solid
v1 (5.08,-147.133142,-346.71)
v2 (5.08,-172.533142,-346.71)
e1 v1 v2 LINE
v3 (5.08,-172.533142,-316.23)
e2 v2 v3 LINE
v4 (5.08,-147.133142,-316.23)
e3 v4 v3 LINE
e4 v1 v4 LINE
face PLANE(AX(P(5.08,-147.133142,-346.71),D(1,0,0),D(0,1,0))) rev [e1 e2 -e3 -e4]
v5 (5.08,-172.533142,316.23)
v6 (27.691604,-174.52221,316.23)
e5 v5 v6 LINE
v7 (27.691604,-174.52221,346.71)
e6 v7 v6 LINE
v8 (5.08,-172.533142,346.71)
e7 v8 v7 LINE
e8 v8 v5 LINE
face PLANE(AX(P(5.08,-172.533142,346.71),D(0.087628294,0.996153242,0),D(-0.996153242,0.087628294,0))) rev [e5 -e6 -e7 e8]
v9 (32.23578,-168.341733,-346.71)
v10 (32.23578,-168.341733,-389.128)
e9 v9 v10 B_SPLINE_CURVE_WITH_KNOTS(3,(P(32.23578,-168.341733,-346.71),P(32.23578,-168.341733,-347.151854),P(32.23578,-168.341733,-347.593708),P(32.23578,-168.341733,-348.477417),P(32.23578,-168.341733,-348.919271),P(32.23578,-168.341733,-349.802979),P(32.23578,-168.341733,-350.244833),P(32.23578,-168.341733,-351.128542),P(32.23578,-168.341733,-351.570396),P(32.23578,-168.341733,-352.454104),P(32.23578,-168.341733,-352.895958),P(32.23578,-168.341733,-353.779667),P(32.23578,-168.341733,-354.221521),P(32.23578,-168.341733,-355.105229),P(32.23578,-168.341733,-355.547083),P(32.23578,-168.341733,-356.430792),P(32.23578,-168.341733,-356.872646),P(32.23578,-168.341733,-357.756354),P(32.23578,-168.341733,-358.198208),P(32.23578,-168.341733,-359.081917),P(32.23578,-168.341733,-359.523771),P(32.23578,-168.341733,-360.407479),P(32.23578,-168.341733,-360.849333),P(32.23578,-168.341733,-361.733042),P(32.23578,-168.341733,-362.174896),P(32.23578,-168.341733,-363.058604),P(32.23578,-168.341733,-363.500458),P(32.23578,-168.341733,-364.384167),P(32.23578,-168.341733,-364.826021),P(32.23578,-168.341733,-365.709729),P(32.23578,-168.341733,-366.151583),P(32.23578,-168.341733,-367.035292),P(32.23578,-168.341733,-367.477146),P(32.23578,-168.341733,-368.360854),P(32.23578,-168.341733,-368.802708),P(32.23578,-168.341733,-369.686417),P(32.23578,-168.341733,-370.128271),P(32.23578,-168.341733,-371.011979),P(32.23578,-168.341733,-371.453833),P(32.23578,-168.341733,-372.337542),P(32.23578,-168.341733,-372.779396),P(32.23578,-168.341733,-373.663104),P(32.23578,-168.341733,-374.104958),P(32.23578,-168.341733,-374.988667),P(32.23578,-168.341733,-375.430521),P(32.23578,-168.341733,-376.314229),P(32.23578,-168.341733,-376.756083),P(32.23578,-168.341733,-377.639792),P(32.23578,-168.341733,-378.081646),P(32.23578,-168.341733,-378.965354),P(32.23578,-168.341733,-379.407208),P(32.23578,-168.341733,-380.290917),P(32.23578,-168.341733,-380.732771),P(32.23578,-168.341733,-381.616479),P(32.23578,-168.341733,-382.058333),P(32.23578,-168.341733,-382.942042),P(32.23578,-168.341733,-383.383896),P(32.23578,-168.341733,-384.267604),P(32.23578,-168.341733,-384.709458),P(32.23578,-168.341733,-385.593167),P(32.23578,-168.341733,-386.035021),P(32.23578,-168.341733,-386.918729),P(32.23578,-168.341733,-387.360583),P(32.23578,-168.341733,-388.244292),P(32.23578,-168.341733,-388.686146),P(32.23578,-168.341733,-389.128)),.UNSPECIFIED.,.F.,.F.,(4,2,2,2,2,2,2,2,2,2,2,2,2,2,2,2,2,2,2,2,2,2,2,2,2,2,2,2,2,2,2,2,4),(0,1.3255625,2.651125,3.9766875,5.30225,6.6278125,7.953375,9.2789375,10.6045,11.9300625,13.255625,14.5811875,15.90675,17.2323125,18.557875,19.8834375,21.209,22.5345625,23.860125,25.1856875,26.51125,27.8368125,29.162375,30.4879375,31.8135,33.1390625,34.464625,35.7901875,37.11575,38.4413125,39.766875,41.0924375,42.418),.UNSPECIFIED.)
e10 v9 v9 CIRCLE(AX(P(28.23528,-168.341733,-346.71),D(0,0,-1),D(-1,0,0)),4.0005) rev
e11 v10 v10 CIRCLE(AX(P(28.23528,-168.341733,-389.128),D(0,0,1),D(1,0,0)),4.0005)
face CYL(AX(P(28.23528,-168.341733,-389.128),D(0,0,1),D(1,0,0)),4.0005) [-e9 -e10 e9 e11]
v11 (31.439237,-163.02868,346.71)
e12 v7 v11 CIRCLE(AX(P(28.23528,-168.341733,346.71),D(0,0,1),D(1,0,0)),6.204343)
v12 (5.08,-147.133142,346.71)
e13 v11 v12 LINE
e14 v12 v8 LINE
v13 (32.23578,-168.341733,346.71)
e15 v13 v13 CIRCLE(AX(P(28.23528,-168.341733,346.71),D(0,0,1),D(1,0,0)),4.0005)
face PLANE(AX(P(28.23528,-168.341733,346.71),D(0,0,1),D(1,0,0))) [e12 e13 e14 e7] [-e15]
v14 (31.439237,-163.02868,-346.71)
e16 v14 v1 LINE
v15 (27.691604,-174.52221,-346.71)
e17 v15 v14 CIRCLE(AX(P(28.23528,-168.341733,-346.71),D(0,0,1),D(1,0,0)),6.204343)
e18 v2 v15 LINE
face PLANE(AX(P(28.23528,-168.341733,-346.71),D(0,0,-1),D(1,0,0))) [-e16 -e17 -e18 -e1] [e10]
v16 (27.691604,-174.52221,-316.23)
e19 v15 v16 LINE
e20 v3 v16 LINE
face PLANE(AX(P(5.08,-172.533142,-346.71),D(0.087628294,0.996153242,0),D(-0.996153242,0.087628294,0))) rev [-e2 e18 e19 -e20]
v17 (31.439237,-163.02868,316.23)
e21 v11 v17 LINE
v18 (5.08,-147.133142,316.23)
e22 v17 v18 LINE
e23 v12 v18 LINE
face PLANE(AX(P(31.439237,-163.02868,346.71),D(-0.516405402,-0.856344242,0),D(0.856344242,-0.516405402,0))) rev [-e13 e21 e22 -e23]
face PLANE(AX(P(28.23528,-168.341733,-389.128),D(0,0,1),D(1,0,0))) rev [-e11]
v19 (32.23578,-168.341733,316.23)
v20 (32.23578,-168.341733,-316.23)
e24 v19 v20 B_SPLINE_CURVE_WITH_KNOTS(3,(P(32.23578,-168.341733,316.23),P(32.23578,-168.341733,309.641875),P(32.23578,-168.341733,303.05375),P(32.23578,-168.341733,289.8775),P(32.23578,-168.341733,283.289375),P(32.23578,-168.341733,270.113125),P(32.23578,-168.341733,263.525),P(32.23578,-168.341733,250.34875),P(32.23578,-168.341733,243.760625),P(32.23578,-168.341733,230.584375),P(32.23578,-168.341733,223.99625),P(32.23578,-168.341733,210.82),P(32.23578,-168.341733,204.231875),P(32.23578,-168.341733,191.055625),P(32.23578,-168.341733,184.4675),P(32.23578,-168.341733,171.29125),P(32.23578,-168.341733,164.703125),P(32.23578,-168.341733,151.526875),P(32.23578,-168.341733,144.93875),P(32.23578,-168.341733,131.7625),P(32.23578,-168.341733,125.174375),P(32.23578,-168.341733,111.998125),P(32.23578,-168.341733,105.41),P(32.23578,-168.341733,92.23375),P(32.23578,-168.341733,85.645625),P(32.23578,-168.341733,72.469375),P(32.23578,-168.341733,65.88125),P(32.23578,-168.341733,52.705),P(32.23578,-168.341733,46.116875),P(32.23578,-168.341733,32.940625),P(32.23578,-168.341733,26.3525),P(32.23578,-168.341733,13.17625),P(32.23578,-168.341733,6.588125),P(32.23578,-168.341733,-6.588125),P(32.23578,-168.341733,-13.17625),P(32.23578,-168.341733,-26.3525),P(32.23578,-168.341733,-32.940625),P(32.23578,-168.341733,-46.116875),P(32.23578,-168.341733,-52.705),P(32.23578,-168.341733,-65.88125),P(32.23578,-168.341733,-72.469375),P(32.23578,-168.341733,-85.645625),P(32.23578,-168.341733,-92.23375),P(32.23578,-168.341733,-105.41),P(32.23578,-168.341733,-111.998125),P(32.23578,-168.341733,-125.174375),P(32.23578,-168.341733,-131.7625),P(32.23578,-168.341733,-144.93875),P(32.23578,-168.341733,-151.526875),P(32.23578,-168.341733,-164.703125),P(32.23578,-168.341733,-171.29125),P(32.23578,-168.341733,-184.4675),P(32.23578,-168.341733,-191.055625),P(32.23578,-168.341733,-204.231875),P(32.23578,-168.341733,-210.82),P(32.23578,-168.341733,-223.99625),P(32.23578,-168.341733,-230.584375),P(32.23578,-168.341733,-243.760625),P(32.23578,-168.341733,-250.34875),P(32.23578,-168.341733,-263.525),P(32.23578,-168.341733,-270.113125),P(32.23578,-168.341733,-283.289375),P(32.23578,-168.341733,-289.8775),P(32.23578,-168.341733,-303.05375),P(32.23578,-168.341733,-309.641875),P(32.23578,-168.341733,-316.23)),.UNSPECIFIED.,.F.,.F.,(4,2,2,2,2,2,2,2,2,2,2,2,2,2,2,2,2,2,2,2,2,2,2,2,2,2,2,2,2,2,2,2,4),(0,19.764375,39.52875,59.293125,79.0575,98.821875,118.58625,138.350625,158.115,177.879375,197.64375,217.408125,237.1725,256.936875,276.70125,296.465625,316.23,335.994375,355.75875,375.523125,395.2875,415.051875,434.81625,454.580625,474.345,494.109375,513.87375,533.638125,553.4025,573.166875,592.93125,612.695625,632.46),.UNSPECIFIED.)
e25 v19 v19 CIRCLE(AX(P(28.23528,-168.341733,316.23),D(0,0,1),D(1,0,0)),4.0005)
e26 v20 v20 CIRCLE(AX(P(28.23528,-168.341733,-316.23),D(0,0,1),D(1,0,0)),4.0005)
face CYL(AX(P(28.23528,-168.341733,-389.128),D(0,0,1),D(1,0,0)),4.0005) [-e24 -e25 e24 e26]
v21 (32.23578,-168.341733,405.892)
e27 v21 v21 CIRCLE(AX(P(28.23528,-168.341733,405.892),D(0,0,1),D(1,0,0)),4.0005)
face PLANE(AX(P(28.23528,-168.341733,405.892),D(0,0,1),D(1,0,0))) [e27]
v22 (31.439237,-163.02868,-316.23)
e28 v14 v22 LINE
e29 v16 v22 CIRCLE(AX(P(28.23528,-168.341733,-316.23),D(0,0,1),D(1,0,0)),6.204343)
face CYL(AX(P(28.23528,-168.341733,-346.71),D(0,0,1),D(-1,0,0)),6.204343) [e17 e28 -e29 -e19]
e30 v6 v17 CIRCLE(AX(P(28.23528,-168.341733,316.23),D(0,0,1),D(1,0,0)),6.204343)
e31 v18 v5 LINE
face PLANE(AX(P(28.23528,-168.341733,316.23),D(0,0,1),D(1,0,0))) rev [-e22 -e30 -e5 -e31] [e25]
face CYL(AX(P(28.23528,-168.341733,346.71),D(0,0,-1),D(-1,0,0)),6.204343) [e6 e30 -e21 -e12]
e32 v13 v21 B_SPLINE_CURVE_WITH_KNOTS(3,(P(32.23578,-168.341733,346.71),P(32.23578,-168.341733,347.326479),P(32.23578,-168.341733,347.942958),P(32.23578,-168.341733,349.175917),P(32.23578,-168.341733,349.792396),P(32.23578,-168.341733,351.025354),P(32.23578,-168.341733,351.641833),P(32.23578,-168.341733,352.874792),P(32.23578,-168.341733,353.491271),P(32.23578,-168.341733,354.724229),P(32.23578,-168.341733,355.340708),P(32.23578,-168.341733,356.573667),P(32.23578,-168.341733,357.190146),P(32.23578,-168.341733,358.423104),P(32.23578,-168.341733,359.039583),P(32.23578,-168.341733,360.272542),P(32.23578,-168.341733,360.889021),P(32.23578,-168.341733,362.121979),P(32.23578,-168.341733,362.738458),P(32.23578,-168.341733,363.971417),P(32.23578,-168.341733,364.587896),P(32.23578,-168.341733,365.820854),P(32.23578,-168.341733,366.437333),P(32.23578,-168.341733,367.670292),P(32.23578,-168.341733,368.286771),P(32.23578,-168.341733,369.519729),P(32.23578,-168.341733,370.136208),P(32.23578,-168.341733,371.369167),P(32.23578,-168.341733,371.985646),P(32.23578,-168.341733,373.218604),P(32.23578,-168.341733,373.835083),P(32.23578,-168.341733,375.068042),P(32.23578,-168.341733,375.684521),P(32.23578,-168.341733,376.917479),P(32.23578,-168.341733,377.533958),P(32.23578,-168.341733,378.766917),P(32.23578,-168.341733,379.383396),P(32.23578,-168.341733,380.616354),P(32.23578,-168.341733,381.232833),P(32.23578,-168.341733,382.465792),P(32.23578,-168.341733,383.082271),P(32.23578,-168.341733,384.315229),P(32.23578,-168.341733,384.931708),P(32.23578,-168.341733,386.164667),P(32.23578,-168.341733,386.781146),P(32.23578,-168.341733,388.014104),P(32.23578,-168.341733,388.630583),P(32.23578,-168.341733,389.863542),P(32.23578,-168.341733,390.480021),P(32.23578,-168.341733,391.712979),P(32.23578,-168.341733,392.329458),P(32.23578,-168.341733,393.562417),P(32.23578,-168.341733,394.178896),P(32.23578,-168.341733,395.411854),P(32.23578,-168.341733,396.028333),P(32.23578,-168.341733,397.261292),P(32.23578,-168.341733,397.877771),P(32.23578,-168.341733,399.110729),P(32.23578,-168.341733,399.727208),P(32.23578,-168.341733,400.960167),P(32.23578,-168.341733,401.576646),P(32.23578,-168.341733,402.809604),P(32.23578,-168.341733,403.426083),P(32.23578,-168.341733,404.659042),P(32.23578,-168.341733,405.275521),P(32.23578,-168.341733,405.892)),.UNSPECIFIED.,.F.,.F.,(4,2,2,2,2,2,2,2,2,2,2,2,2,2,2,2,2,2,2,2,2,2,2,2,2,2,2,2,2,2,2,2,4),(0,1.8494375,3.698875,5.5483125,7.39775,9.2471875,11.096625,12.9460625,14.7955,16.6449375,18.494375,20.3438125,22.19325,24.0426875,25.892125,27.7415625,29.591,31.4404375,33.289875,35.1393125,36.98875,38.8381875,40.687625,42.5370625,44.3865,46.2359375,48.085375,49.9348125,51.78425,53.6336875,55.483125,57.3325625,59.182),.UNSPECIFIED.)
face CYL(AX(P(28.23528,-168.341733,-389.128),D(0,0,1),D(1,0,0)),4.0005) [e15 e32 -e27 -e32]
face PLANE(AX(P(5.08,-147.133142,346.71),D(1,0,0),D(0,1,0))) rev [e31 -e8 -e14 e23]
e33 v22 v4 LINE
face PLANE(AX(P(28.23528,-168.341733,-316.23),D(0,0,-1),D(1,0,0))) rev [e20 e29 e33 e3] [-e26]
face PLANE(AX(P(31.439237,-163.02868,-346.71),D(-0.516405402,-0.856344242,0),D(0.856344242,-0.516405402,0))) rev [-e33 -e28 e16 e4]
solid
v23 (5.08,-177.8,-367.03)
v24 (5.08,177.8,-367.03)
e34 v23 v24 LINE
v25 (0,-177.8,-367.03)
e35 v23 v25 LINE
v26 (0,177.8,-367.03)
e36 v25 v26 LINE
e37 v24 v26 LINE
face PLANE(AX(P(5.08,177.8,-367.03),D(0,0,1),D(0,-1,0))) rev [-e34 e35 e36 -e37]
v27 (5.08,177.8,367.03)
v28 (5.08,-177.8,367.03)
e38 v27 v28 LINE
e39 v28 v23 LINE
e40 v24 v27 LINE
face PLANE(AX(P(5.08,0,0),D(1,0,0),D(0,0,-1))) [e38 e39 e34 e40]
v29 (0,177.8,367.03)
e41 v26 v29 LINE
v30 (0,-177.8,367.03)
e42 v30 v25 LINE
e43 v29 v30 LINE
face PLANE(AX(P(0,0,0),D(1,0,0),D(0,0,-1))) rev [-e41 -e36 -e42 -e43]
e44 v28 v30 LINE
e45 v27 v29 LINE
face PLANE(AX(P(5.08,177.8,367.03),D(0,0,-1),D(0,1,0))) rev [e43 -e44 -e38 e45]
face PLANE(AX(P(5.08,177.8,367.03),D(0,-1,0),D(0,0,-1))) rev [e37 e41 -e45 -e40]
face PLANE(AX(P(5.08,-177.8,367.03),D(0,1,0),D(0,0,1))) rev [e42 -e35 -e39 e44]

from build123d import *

# Parameters (mm, degrees)
SKETCH1_W                = 734.06
SKETCH1_H                = 355.6
BOSS_EXTRUDE1_DEPTH      = 5.08
SKETCH6_R                = 4.0005
BOSS_EXTRUDE2_DEPTH      = 30.48
BOSS_EXTRUDE3_DEPTH      = 59.182
BOSS_EXTRUDE3_DEPTH_BACK = 735.838
SKETCH7_R                = 4.0005


with BuildPart() as part:
    # Sketch1 → Boss-Extrude1 (new body)
    with BuildSketch(Plane(origin=(0, 0, 0), x_dir=(0, 0, -1), z_dir=(1, 0, 0))):
        Rectangle(SKETCH1_W, SKETCH1_H)
    extrude(amount=BOSS_EXTRUDE1_DEPTH)


with BuildPart() as body_2:
    # Sketch6 → Boss-Extrude2 (new body)
    with BuildSketch(Plane.XY.offset(316.23)):
        with BuildLine():
            Line((5.08, -147.133142153), (5.08, -172.533142153))
            Line((5.08, -172.533142153), (27.691604266, -174.522209914))
            ThreePointArc((27.691604266, -174.522209914), (34.133973448, -170.265087909), (31.439236588, -163.028679843))
            Line((31.439236588, -163.028679843), (5.08, -147.133142153))
        make_face()
        with Locations(Location((28.23528027, -168.341733372, 0), (0, 0, 180))):
            Circle(SKETCH6_R, mode=Mode.SUBTRACT)
    extrude(amount=BOSS_EXTRUDE2_DEPTH)


with BuildPart() as body_3:
    # Mirror5: mirrored copy
    add(body_2.part.mirror(Plane.XY))


with BuildPart() as body_2_1:
    add(body_2.part)

    add(body_3.part)  # Boss-Extrude3 merges body 3
    # Sketch7 → Boss-Extrude3 (add, two sides: drawn at the far end of the back side and taken through both)
    with BuildSketch(Plane.XY.offset(346.71).offset(-BOSS_EXTRUDE3_DEPTH_BACK)):
        with Locations((28.23528027, -168.341733372)):
            Circle(SKETCH7_R)
    extrude(amount=BOSS_EXTRUDE3_DEPTH + BOSS_EXTRUDE3_DEPTH_BACK)


solid = Compound([part.part, body_2_1.part])
